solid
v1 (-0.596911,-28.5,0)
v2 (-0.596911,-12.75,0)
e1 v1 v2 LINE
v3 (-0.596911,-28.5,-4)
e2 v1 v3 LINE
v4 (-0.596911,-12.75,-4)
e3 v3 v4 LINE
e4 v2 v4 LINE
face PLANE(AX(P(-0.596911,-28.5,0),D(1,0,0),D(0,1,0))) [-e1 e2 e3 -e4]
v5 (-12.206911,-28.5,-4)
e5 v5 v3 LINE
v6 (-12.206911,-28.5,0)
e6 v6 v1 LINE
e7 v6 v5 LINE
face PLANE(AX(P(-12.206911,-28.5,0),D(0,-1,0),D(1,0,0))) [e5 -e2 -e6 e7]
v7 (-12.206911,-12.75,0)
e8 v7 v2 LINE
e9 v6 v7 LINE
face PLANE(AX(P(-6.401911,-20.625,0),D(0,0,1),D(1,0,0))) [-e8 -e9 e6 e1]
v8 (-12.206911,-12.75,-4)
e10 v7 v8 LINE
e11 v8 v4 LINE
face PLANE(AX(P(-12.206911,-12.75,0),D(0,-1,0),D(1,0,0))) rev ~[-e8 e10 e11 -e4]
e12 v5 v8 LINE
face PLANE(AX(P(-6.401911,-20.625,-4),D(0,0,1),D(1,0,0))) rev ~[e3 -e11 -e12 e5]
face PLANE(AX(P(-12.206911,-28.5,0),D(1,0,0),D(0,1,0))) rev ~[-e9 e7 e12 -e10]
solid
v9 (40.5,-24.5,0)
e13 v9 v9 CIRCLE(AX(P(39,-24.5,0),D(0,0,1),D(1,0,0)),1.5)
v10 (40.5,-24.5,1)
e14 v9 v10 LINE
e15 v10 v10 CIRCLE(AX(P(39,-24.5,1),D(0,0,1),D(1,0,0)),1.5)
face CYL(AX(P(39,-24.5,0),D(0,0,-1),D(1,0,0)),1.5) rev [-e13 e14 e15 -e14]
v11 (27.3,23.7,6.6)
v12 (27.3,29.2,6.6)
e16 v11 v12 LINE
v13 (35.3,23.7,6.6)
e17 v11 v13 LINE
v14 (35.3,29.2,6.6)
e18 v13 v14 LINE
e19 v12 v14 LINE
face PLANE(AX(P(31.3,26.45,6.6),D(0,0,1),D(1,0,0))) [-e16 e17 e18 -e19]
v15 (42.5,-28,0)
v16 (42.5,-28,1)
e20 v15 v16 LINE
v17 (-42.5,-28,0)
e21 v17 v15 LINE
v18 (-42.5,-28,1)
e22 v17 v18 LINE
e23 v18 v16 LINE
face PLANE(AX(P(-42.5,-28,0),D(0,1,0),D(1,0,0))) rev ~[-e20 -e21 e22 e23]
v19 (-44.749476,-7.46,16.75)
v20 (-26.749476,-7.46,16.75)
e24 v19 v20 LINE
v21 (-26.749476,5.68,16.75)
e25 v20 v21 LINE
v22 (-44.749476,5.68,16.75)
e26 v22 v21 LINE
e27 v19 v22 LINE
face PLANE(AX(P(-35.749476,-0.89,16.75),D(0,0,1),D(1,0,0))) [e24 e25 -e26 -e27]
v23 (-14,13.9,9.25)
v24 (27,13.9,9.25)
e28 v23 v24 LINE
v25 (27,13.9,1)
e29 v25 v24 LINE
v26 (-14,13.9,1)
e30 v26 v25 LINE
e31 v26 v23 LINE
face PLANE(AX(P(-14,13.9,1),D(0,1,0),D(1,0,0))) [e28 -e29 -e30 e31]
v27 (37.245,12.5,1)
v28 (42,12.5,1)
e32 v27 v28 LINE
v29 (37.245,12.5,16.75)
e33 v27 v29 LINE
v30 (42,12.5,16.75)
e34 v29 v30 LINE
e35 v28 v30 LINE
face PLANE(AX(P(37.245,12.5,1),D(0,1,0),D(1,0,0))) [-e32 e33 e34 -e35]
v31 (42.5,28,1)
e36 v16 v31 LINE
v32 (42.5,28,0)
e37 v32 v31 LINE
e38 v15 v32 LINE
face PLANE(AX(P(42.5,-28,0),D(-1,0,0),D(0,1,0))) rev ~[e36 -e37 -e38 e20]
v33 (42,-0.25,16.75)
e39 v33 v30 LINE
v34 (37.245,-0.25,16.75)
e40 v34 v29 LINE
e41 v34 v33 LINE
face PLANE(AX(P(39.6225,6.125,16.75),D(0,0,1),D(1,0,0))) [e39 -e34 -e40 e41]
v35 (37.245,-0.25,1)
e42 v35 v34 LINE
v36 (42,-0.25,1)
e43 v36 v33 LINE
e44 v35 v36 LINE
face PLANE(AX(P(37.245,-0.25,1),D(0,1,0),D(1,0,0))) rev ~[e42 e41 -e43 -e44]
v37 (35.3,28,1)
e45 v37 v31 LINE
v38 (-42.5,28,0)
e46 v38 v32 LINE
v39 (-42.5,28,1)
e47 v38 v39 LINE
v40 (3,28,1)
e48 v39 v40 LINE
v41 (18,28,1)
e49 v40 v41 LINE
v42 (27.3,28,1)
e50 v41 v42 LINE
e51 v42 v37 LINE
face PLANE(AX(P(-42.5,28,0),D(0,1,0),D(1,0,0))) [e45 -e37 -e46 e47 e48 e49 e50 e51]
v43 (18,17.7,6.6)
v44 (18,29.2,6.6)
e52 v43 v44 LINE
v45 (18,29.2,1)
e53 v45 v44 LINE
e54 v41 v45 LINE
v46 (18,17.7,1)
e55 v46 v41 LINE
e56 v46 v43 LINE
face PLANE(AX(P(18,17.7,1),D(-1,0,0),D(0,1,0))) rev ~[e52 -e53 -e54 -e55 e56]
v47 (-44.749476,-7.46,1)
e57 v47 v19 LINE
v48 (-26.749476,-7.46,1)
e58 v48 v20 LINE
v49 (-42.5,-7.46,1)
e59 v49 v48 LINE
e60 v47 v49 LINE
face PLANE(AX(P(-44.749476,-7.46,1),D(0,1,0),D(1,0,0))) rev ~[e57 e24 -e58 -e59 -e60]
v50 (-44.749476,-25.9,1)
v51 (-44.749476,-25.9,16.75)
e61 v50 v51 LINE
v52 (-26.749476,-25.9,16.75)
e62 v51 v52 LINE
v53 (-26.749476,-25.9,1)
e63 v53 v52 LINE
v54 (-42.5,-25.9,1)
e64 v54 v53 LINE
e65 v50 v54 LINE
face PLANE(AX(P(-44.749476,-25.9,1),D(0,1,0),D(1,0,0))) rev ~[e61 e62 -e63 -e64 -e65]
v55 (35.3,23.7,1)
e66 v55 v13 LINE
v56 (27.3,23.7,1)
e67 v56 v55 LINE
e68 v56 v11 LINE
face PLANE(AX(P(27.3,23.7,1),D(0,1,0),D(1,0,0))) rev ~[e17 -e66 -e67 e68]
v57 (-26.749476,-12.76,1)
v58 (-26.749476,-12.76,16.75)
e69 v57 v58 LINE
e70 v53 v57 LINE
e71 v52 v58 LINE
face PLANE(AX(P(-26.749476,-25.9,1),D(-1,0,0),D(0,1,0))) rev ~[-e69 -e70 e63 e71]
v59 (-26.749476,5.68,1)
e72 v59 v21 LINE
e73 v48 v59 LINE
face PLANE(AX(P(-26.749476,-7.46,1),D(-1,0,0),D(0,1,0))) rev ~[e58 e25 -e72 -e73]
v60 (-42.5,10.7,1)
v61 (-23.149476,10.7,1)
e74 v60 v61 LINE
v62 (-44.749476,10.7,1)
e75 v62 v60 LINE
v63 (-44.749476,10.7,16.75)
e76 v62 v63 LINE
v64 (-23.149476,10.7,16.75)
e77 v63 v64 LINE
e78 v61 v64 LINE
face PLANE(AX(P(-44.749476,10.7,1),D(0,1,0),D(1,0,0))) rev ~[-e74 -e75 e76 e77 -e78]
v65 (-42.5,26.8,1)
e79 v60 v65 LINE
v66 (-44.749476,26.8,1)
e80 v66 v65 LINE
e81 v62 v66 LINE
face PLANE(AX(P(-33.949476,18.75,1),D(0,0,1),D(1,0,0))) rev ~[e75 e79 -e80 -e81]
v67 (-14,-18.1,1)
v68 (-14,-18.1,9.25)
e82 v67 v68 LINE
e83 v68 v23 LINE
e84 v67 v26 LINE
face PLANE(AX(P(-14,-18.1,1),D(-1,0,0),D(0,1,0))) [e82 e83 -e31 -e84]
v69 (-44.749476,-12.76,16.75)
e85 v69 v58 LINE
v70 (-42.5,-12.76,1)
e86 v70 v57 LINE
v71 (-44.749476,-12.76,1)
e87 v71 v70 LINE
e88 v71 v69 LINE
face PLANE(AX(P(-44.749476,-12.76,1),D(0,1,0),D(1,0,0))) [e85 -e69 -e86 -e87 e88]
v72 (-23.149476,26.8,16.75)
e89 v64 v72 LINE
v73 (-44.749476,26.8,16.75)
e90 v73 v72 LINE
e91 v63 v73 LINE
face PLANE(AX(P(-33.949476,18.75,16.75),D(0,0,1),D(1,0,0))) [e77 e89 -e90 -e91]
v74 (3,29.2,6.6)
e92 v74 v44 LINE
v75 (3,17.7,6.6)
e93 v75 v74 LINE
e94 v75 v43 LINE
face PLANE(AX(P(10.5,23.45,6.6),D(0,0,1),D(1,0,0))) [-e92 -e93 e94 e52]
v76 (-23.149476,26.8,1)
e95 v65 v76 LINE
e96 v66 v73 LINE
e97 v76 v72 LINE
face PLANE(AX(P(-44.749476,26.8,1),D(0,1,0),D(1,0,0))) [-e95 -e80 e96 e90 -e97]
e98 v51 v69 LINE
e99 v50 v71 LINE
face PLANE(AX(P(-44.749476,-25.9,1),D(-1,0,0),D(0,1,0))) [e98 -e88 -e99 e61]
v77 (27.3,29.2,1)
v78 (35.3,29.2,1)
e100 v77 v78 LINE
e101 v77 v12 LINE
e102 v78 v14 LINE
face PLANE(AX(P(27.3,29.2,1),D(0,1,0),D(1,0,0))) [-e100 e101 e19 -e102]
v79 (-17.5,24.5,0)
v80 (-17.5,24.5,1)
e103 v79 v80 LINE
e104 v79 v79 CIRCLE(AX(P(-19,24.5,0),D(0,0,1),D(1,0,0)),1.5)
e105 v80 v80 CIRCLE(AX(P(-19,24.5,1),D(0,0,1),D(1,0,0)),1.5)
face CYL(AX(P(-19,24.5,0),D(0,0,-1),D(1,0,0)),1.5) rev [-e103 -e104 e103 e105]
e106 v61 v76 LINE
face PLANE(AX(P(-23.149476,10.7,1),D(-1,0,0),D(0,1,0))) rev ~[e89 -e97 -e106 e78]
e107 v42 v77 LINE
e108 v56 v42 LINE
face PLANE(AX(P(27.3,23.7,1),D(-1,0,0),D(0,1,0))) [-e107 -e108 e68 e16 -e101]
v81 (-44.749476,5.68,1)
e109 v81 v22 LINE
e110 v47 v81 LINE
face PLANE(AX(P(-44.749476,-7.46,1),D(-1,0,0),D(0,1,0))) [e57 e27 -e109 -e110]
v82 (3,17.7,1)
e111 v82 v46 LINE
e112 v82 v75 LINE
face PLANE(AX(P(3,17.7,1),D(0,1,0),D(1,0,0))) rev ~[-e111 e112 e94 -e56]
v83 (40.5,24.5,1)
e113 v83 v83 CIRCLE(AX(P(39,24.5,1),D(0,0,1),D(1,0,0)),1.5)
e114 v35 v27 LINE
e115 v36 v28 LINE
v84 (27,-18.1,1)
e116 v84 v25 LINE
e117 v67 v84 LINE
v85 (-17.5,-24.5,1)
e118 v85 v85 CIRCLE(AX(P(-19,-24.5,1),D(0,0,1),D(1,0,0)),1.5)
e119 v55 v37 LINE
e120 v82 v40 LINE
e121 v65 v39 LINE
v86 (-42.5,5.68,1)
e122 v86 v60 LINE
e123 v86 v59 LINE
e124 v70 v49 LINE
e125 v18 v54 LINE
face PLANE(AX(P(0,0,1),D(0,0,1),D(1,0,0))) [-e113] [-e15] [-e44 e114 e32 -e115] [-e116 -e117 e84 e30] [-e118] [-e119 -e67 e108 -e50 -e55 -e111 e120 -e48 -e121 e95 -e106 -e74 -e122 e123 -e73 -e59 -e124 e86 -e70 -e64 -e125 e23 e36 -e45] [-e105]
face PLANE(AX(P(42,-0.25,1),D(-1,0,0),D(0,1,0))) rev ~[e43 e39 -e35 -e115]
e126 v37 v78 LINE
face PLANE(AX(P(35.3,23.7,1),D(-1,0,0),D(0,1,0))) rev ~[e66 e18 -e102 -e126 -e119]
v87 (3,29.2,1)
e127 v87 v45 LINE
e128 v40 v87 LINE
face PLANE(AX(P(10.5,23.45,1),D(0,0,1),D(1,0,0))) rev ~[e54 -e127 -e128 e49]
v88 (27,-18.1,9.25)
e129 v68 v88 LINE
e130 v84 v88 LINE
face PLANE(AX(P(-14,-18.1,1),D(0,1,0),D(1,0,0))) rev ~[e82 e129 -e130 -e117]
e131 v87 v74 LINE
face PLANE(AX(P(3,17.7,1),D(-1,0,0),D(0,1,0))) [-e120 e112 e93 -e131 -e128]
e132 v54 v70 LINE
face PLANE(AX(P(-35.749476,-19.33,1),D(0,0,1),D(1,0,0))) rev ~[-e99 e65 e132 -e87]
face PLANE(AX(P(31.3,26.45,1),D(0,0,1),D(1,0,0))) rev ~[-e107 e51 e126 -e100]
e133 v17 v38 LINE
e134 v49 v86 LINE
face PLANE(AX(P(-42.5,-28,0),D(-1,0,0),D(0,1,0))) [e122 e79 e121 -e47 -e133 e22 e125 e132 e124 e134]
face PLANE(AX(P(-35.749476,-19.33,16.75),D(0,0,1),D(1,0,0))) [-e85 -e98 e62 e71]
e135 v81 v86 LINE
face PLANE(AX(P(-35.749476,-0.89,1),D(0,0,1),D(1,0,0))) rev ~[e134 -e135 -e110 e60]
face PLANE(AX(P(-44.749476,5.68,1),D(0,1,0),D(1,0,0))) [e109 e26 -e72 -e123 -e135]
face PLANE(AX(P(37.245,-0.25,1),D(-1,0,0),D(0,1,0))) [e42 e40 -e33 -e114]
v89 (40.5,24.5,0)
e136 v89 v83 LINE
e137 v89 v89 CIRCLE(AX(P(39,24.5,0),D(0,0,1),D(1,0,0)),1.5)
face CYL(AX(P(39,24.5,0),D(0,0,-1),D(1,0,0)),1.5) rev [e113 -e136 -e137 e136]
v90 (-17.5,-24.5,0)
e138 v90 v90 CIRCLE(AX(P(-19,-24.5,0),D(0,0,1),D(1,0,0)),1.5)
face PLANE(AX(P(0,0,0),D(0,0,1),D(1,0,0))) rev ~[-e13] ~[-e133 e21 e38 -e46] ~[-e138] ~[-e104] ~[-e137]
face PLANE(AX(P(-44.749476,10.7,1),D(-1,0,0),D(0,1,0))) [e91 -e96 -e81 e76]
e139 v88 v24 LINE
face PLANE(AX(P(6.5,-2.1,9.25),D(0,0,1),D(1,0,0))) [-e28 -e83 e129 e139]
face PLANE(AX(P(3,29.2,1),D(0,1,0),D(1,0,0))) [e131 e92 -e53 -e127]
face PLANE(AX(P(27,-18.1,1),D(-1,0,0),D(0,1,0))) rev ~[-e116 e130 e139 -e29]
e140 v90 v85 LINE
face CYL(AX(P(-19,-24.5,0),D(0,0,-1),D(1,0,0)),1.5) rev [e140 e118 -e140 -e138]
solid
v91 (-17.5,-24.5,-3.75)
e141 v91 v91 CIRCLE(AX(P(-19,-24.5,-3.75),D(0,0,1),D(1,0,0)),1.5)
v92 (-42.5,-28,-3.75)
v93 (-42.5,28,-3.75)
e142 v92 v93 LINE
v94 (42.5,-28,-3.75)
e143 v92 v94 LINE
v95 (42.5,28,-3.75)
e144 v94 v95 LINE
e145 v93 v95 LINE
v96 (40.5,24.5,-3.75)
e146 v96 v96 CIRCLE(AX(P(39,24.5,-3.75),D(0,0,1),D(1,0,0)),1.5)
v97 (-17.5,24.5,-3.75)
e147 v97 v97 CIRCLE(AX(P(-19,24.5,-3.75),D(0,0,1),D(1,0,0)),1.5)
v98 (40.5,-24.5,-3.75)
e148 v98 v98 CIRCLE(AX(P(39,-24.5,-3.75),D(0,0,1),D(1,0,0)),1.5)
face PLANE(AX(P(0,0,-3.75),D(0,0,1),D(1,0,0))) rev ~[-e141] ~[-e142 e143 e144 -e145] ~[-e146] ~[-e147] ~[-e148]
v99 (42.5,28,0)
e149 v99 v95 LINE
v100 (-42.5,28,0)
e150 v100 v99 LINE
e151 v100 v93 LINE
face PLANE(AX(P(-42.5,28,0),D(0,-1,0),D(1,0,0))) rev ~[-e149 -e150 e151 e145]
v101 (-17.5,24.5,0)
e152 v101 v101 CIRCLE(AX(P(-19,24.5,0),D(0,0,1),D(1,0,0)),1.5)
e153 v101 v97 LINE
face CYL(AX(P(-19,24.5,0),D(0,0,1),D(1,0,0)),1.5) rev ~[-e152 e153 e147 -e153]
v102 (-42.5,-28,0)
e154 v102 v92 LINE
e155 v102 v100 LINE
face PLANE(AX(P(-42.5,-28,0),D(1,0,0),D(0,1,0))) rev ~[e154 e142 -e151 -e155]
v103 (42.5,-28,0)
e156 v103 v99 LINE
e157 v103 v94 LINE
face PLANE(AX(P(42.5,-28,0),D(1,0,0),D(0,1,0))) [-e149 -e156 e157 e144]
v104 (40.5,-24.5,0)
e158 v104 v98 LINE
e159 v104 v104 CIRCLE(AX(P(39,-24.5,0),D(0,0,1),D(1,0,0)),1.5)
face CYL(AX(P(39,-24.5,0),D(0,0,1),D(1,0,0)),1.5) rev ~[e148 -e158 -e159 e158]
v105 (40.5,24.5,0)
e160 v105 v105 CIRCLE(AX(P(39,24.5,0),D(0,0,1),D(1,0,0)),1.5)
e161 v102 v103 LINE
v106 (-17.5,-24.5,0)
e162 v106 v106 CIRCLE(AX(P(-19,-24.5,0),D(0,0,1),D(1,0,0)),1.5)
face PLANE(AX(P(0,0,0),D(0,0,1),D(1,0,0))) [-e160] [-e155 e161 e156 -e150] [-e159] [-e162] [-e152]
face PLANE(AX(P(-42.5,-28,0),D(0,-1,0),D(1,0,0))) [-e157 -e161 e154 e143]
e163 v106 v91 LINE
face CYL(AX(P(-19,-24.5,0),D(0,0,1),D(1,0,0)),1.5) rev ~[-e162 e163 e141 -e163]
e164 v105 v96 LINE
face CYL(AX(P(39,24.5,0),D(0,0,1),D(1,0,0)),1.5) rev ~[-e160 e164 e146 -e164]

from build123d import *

# Parameters (mm, degrees)
SKETCH1_W           = 85
SKETCH1_H           = 56
SKETCH1_R           = 1.5
BOSS_EXTRUDE1_DEPTH = 1
SKETCH1_2_W         = 85
SKETCH1_2_H         = 56
SKETCH1_2_R         = 1.5
BOSS_EXTRUDE2_DEPTH = 3.75
SKETCH3_W           = 41
SKETCH3_H           = 32
BOSS_EXTRUDE3_DEPTH = 8.25
SKETCH4_W           = 18
SKETCH4_H           = 13.14
SKETCH4_W_2         = 4.755
SKETCH4_H_2         = 12.75
SKETCH4_W_3         = 21.6
SKETCH4_H_3         = 16.1
BOSS_EXTRUDE4_DEPTH = 15.75
SKETCH5_W           = 15
SKETCH5_H           = 11.5
SKETCH5_W_2         = 8
SKETCH5_H_2         = 5.5
BOSS_EXTRUDE5_DEPTH = 5.6
SKETCH6_W           = 11.61
SKETCH6_H           = 15.75
BOSS_EXTRUDE6_DEPTH = 4


with BuildPart() as part:
    # Sketch1 → Boss-Extrude1 (new body)
    with BuildSketch(Plane.XY):
        Rectangle(SKETCH1_W, SKETCH1_H)
        with Locations((-19.000000078, 24.5)):
            Circle(SKETCH1_R, mode=Mode.SUBTRACT)
        with Locations((-19.000000078, -24.5)):
            Circle(SKETCH1_R, mode=Mode.SUBTRACT)
        with Locations((39, 24.5)):
            Circle(SKETCH1_R, mode=Mode.SUBTRACT)
        with Locations((39, -24.5)):
            Circle(SKETCH1_R, mode=Mode.SUBTRACT)
    extrude(amount=BOSS_EXTRUDE1_DEPTH)

    # Sketch3 → Boss-Extrude3 (add)
    with BuildSketch(Plane.XY.offset(1)):
        with Locations((6.5, -2.1)):
            Rectangle(SKETCH3_W, SKETCH3_H)
    extrude(amount=BOSS_EXTRUDE3_DEPTH)

    # Sketch4 → Boss-Extrude4 (add)
    with BuildSketch(Plane.XY.offset(1)):
        with Locations((-35.74947609, -0.89)):
            Rectangle(SKETCH4_W, SKETCH4_H)
        with Locations((-35.74947609, -19.33)):
            Rectangle(SKETCH4_W, SKETCH4_H)
        with Locations((39.6225, 6.125)):
            Rectangle(SKETCH4_W_2, SKETCH4_H_2)
        with Locations((-33.94947609, 18.75)):
            Rectangle(SKETCH4_W_3, SKETCH4_H_3)
    extrude(amount=BOSS_EXTRUDE4_DEPTH)

    # Sketch5 → Boss-Extrude5 (add)
    with BuildSketch(Plane.XY.offset(1)):
        with Locations((10.5, 23.45)):
            Rectangle(SKETCH5_W, SKETCH5_H)
        with Locations((31.3, 26.45)):
            Rectangle(SKETCH5_W_2, SKETCH5_H_2)
    extrude(amount=BOSS_EXTRUDE5_DEPTH)


with BuildPart() as body_2:
    # Sketch1<2> → Boss-Extrude2 (new body)
    with BuildSketch(Plane.XY):
        Rectangle(SKETCH1_2_W, SKETCH1_2_H)
        with Locations((-19.000000078, 24.5)):
            Circle(SKETCH1_2_R, mode=Mode.SUBTRACT)
        with Locations((-19.000000078, -24.5)):
            Circle(SKETCH1_2_R, mode=Mode.SUBTRACT)
        with Locations((39, 24.5)):
            Circle(SKETCH1_2_R, mode=Mode.SUBTRACT)
        with Locations((39, -24.5)):
            Circle(SKETCH1_2_R, mode=Mode.SUBTRACT)
    extrude(amount=-BOSS_EXTRUDE2_DEPTH)


with BuildPart() as body_3:
    # Sketch6 → Boss-Extrude6 (new body)
    with BuildSketch(Plane.XY):
        with Locations((-6.401910681, -20.625)):
            Rectangle(SKETCH6_W, SKETCH6_H)
    extrude(amount=-BOSS_EXTRUDE6_DEPTH)


solid = Compound([part.part, body_2.part, body_3.part])
